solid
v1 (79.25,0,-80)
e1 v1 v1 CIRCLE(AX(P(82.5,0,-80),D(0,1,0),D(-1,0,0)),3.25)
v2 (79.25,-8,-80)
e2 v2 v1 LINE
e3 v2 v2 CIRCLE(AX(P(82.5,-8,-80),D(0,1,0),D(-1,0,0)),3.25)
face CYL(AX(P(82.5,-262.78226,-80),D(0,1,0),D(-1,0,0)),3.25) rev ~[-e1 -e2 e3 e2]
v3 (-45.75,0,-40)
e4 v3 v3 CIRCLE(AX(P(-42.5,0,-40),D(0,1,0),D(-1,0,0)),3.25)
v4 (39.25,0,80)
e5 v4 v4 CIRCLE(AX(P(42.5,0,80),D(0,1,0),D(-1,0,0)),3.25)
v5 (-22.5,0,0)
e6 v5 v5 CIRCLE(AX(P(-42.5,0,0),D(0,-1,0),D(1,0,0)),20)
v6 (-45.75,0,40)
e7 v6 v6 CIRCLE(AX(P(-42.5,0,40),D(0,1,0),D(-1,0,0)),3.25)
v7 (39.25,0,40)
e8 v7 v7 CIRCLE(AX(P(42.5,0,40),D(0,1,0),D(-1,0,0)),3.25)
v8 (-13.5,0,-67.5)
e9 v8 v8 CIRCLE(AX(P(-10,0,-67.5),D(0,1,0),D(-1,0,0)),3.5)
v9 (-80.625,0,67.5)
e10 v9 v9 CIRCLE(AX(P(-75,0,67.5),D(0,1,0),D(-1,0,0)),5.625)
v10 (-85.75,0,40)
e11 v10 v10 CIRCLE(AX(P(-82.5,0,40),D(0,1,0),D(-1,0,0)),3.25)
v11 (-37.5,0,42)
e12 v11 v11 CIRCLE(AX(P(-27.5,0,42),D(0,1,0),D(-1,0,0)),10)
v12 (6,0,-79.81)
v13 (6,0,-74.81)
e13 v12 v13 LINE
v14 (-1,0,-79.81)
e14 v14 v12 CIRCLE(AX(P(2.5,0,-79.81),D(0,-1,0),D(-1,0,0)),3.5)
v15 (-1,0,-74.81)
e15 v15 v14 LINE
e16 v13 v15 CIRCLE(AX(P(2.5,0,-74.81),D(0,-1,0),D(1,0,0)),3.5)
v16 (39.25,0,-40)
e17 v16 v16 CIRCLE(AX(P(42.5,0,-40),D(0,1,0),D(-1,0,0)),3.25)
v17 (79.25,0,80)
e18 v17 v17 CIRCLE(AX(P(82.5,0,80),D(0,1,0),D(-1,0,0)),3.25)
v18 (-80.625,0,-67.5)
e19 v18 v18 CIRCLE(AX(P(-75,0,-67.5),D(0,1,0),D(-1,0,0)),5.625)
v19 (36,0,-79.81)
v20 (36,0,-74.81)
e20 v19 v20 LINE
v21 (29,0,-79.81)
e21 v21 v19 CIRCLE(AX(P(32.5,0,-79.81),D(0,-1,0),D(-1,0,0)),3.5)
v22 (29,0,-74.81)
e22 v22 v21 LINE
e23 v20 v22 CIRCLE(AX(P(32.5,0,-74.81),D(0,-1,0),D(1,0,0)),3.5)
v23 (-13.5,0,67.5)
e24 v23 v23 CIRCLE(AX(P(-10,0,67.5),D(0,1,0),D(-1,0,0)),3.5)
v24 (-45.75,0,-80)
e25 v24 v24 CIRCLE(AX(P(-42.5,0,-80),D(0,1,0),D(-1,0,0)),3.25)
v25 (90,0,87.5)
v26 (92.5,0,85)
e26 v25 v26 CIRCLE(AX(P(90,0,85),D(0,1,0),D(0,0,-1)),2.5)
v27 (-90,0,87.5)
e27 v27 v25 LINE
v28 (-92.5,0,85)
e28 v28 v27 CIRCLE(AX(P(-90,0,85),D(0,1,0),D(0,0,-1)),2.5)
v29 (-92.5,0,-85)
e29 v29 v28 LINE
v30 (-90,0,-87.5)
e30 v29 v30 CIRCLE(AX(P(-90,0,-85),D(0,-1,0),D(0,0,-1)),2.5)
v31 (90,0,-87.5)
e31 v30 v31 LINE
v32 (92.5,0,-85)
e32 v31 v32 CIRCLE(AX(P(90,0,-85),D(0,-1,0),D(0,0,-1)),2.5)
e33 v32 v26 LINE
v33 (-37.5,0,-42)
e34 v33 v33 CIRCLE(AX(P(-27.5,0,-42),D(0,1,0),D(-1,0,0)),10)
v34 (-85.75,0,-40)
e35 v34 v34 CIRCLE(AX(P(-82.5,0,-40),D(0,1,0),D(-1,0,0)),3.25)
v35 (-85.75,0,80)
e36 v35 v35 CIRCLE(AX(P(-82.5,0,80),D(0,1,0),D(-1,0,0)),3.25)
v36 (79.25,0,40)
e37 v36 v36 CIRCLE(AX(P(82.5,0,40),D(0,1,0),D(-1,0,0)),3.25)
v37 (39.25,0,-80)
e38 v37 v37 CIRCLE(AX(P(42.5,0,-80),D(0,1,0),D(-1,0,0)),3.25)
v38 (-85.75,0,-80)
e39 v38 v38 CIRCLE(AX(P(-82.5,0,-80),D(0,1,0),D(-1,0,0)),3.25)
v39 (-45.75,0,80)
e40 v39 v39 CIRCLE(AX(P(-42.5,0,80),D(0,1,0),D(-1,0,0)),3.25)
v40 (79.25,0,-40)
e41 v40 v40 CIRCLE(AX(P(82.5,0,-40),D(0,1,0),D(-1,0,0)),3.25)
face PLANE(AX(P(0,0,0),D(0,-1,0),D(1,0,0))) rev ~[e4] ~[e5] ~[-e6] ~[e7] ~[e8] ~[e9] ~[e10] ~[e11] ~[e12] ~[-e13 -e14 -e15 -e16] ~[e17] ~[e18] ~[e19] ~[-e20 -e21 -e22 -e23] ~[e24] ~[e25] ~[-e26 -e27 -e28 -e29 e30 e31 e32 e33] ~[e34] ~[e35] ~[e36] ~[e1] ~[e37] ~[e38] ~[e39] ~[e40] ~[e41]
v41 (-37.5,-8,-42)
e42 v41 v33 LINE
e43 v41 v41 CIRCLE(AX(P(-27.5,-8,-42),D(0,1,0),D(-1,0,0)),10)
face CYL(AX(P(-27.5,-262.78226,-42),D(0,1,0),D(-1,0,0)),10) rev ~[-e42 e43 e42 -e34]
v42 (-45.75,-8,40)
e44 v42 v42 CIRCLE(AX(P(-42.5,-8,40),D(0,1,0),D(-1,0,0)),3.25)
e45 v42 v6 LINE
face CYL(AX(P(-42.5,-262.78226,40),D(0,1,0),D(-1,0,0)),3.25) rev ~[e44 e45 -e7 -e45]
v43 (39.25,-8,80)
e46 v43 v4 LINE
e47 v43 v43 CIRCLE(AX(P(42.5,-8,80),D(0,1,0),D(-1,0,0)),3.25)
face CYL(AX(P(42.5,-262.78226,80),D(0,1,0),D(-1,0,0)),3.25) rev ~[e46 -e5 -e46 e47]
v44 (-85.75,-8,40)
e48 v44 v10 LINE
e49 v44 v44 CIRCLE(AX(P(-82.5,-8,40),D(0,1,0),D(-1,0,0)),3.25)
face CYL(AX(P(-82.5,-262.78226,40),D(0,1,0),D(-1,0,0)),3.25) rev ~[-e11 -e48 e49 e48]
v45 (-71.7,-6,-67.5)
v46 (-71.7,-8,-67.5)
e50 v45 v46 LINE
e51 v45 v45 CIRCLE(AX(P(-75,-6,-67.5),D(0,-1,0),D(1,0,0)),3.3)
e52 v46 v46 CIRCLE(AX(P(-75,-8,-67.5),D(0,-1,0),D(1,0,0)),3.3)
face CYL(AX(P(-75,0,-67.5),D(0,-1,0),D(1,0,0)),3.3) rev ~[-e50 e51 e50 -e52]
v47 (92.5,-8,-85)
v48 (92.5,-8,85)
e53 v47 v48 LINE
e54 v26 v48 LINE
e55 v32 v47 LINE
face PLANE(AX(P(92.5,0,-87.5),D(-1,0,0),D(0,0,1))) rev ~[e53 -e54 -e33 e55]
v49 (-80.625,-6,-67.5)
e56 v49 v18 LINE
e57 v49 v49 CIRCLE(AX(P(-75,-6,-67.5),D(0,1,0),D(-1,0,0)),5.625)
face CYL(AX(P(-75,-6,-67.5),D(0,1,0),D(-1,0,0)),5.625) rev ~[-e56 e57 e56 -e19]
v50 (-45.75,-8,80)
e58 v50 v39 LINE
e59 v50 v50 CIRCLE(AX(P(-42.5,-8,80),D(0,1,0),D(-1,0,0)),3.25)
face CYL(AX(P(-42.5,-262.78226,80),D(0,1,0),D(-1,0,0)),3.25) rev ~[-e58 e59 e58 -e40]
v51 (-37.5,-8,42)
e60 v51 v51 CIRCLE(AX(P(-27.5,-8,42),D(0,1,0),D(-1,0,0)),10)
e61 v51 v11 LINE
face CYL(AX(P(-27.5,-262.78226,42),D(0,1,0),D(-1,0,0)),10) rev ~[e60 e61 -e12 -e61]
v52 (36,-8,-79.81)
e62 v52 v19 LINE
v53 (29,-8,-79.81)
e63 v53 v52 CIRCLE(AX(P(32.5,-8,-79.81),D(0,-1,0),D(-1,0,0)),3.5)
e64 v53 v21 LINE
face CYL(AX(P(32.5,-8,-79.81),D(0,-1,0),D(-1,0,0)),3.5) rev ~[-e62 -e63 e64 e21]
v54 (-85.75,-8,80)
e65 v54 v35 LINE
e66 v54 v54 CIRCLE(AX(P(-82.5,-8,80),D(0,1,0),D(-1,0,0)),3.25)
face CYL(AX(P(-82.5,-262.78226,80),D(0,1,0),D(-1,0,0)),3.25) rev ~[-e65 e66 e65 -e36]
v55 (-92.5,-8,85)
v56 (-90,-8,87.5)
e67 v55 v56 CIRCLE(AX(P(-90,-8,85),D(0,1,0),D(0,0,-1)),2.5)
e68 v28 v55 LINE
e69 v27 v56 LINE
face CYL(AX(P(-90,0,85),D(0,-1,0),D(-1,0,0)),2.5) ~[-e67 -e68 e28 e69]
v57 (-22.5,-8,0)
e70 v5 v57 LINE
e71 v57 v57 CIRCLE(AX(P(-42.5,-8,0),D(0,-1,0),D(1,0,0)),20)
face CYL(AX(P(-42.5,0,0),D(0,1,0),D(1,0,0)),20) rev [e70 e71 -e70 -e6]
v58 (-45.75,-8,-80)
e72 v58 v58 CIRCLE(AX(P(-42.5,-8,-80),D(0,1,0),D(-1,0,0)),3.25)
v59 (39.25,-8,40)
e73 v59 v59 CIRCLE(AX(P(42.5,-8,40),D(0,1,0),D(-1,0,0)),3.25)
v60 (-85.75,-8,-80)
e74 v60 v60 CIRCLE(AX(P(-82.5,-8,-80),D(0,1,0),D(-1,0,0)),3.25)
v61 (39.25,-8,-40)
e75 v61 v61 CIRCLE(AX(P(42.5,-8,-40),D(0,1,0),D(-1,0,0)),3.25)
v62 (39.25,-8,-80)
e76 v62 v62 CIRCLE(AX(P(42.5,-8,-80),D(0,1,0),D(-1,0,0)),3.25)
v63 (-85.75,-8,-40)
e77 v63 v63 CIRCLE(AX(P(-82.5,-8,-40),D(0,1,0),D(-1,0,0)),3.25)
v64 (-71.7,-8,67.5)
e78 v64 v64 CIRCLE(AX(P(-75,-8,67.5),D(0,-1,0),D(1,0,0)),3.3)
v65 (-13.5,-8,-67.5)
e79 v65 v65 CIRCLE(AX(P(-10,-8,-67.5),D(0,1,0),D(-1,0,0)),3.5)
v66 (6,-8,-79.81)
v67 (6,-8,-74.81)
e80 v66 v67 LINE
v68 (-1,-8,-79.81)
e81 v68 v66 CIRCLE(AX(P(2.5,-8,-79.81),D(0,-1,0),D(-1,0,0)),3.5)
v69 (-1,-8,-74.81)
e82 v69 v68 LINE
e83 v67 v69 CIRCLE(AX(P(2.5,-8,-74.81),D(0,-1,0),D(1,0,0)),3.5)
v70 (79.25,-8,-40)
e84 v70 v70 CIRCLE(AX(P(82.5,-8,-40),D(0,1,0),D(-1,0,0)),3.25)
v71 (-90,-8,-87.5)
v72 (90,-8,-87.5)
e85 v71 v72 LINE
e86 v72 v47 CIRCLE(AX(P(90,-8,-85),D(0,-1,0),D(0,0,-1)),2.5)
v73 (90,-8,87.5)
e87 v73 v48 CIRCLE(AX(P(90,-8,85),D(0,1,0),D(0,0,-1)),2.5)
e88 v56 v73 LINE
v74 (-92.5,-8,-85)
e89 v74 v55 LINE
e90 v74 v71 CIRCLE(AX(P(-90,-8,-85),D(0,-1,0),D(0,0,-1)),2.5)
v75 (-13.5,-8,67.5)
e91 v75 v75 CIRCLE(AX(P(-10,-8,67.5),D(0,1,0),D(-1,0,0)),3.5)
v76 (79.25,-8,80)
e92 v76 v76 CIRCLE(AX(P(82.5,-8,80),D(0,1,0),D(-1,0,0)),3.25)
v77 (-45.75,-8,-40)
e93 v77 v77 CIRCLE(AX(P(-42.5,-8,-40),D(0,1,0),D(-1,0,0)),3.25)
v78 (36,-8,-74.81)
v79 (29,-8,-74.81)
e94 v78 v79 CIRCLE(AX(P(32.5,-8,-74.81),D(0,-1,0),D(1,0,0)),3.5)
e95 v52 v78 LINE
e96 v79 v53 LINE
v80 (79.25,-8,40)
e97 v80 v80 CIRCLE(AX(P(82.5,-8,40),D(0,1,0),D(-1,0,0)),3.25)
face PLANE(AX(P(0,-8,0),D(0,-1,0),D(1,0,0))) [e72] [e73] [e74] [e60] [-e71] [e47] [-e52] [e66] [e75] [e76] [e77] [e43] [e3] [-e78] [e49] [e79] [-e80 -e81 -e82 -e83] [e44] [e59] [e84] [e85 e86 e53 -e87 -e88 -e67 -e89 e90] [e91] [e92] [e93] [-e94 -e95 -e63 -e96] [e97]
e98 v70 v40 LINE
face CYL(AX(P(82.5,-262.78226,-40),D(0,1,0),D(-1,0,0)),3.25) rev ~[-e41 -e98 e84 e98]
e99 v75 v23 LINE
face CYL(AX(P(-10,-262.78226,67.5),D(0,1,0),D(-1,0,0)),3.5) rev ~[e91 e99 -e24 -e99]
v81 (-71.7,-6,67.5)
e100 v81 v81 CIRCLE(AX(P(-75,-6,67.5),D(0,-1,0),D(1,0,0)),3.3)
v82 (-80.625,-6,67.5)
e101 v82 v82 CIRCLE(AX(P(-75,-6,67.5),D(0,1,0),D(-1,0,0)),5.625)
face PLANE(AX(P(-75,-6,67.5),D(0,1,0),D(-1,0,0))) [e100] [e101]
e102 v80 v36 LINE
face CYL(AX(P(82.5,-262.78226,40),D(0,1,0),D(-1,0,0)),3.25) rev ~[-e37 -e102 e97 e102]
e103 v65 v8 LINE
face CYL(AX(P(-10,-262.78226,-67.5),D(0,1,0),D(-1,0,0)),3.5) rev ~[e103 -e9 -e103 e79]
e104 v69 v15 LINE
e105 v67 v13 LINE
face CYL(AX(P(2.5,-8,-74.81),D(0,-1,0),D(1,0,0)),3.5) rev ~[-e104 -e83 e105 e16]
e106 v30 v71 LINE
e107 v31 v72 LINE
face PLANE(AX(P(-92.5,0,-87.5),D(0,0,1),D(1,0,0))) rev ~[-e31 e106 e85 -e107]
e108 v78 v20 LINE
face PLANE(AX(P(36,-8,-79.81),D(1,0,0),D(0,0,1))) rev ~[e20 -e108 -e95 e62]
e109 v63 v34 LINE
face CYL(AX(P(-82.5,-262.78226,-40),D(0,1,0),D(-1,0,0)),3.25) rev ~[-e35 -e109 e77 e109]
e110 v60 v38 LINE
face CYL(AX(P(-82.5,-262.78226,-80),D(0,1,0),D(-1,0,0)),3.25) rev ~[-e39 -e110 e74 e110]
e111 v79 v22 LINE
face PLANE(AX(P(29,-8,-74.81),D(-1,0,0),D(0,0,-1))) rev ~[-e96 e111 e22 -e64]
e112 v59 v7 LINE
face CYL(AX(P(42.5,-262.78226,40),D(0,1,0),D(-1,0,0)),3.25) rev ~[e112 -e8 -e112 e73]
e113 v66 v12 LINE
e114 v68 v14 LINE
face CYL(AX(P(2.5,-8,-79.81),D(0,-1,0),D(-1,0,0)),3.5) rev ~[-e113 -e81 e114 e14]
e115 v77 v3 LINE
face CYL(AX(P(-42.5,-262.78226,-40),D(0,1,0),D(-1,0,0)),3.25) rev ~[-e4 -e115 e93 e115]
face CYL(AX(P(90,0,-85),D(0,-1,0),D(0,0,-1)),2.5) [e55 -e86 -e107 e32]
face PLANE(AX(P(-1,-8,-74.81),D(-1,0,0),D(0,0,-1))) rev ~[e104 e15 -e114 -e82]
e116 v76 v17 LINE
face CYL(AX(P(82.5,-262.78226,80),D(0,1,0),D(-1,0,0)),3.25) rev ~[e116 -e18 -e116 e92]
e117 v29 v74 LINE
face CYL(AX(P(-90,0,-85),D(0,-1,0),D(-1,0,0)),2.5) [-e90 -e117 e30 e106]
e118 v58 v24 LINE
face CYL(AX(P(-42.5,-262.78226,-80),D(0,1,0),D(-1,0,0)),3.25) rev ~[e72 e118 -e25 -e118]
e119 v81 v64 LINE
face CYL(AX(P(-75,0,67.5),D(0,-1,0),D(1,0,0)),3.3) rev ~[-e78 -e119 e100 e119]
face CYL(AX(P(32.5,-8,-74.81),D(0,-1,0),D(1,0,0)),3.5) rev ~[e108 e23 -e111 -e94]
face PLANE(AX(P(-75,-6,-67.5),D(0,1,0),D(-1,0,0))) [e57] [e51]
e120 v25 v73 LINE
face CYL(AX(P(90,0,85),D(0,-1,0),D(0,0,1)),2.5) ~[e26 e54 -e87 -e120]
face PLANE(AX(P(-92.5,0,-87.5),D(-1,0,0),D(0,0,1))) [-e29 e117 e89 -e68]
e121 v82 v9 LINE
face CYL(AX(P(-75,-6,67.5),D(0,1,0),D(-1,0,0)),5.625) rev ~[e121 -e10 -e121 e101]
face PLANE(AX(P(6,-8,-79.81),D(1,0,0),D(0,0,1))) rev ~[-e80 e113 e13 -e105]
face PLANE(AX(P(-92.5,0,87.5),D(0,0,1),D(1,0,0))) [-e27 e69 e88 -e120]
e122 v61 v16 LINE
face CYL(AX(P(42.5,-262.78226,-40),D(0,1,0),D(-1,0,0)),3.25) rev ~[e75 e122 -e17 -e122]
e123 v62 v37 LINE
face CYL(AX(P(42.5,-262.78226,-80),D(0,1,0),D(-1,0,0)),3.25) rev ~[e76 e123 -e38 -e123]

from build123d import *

# Parameters (mm, degrees)
F0_W           = 185
F0_H           = 175
F0_R           = 20
F1_DEPTH       = 8
F3_D           = 6.5
F4_D           = 20
F5_D           = 7
F7_DEPTH       = 25
F9_D           = 6.6
F9_CBORE_D     = 11.25
F9_CBORE_DEPTH = 6
F10_R          = 2.5


with BuildPart() as f1:
    # F0 (on Front) → F1 (new body)
    with BuildSketch(Plane.XZ):
        Rectangle(F0_W, F0_H)
        with Locations((-42.5, 0)):
            Circle(F0_R, mode=Mode.SUBTRACT)
    extrude(amount=F1_DEPTH)

    # F3 (through all)
    with Locations(Plane.XZ.offset(8)):
        with Locations((-82.5, 80), (-42.5, 80), (-42.5, 40), (-82.5, 40), (-82.5, -40), (-42.5, -40), (-42.5, -80), (-82.5, -80), (42.5, -80), (82.5, -80), (82.5, -40), (42.5, -40), (42.5, 40), (82.5, 40), (82.5, 80), (42.5, 80)):
            Hole(F3_D / 2)

    # F4 (through all)
    with Locations(Plane.XZ.offset(8)):
        with Locations((-27.5, -42), (-27.5, 42)):
            Hole(F4_D / 2)

    # F5 (through all)
    with Locations(Plane.XZ.offset(8)):
        with Locations((-10, 67.5), (-10, -67.5)):
            Hole(F5_D / 2)

    # F6 (on face) → F7 (cut)
    with BuildSketch(Plane.XZ.offset(8)):
        with BuildLine():
            Line((6, -79.81), (6, -74.81))
            ThreePointArc((6, -74.81), (2.5, -71.31), (-1, -74.81))
            Line((-1, -74.81), (-1, -79.81))
            ThreePointArc((-1, -79.81), (2.5, -83.31), (6, -79.81))
        make_face()
        with BuildLine():
            Line((36, -79.81), (36, -74.81))
            ThreePointArc((36, -74.81), (32.5, -71.31), (29, -74.81))
            Line((29, -74.81), (29, -79.81))
            ThreePointArc((29, -79.81), (32.5, -83.31), (36, -79.81))
        make_face()
    extrude(amount=-F7_DEPTH, mode=Mode.SUBTRACT)

    # F9 (through all)
    with Locations(Plane(origin=(0, 0, 0), x_dir=(-1, 0, 0), z_dir=(0, 1, 0))):
        with Locations((75, 67.5), (75, -67.5)):
            CounterBoreHole(F9_D / 2, F9_CBORE_D / 2, F9_CBORE_DEPTH)

    # F10
    f10_edges = [f1.edges().sort_by_distance(p)[0] for p in [
        (-92.5, -4, 87.5),
        (-92.5, -4, -87.5),
        (92.5, -4, -87.5),
        (92.5, -4, 87.5),
    ]]
    fillet(f10_edges, radius=F10_R)


solid = f1.part
